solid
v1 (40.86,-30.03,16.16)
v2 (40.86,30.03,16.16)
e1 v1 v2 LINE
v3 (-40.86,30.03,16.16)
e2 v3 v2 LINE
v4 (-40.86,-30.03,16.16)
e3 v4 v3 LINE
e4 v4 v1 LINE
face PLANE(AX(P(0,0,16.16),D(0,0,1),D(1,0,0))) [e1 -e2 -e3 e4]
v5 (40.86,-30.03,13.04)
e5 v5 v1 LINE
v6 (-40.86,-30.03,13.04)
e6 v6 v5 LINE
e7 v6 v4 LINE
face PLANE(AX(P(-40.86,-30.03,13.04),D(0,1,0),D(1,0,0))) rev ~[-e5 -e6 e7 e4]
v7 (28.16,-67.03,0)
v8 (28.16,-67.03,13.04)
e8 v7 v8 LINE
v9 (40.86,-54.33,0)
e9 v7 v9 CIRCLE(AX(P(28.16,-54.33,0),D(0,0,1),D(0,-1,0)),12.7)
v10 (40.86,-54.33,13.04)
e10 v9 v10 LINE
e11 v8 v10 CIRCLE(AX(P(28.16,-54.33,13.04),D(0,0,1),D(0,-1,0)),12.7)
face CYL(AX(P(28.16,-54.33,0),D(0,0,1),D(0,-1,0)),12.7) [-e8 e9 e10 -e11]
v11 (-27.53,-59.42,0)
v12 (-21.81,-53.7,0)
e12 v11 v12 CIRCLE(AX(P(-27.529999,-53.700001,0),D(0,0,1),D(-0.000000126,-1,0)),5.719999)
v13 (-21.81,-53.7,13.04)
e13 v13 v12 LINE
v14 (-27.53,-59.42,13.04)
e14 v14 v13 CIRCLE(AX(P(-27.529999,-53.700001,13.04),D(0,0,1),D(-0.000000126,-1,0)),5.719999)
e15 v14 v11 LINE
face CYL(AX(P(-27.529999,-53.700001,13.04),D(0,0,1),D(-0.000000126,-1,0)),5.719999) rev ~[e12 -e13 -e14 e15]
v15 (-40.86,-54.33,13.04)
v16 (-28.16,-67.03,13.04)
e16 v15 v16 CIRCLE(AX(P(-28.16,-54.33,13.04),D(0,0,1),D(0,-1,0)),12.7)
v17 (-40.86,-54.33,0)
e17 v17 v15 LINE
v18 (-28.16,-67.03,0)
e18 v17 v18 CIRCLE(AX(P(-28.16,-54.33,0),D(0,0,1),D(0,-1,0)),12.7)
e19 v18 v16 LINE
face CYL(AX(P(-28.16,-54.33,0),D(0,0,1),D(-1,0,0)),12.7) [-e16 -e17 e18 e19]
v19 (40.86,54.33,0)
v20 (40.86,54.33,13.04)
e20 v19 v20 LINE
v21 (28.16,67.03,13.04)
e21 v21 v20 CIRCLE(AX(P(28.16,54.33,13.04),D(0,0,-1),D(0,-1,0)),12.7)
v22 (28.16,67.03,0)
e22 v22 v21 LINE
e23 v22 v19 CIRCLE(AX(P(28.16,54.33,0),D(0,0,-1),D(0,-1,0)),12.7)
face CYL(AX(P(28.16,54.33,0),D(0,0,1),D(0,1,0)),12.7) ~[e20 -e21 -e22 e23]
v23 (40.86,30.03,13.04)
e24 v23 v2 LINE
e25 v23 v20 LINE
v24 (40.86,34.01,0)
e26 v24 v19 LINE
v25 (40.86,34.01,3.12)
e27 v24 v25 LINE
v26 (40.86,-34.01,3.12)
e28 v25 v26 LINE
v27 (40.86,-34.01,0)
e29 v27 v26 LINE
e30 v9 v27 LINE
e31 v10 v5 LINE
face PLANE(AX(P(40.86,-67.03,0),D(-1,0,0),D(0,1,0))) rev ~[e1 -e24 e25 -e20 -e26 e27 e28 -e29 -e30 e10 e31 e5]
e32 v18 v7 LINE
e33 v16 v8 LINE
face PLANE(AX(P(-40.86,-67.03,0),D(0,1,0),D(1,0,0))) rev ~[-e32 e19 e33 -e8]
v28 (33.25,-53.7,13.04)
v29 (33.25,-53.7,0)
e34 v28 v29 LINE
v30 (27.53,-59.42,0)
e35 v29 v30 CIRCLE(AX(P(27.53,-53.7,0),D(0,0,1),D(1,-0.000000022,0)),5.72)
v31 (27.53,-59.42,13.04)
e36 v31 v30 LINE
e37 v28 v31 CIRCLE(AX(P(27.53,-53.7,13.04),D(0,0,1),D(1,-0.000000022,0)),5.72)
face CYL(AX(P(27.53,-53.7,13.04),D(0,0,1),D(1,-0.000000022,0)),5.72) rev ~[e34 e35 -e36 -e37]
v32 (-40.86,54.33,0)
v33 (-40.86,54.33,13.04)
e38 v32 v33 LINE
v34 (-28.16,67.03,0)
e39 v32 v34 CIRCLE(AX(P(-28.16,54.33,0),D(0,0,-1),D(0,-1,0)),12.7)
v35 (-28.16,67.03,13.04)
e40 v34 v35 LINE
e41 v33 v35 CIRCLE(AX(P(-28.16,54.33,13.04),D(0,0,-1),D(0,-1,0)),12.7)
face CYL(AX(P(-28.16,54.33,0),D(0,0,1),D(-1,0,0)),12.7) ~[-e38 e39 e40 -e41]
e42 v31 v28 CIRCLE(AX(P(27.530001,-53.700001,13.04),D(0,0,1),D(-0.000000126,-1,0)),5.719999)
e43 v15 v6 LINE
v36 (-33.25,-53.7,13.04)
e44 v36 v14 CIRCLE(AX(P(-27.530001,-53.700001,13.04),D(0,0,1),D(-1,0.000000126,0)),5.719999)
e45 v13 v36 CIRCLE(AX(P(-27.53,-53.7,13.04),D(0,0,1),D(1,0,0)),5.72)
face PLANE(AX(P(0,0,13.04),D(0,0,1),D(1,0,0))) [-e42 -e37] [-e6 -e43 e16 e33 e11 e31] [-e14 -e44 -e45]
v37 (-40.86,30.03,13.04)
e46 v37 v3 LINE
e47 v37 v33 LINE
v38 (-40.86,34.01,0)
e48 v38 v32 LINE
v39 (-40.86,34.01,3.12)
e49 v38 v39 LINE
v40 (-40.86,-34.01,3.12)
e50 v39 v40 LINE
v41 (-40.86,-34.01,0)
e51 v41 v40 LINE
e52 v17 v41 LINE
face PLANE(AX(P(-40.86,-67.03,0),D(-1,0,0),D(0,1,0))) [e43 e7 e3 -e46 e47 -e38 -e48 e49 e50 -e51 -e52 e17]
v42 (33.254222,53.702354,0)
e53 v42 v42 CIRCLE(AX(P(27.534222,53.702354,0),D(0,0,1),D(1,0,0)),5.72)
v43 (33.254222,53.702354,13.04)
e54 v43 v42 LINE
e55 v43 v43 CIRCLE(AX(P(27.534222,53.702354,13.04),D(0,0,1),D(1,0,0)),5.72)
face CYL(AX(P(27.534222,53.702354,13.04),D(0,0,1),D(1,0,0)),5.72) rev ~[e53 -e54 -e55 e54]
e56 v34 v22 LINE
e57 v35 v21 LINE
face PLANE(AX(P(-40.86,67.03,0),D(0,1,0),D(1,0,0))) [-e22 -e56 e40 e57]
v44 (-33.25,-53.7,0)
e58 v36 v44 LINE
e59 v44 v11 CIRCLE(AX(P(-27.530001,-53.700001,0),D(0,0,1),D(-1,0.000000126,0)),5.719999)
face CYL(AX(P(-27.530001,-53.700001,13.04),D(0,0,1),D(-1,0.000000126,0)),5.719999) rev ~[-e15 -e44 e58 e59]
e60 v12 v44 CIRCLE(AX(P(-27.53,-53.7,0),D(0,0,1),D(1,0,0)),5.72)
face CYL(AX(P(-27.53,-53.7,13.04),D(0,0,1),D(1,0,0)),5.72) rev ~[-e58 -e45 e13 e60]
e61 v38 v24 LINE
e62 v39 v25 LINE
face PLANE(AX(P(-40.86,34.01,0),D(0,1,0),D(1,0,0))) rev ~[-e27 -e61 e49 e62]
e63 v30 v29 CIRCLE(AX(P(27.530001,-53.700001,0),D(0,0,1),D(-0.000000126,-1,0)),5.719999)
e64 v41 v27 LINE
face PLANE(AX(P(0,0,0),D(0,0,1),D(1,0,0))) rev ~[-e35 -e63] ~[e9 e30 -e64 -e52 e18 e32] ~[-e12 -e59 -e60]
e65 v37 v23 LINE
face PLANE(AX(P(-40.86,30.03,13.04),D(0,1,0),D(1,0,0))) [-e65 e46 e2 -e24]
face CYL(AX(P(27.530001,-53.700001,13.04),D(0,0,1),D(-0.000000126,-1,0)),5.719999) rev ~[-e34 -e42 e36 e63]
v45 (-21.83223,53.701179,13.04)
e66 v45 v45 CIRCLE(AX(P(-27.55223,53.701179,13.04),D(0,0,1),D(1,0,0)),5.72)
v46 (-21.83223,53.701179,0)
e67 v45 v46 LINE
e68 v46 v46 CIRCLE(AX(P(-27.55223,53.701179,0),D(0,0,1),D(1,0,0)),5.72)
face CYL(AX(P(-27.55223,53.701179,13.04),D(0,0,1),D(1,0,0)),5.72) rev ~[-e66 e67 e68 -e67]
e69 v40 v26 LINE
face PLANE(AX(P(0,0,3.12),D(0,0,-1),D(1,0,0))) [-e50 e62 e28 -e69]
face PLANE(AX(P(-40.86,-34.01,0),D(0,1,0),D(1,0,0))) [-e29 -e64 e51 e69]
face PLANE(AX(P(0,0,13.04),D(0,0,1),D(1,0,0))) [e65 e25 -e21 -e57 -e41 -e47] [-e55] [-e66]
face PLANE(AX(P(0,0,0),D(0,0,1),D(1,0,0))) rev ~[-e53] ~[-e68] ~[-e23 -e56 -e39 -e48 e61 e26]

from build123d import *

# Parameters (mm, degrees)
F0_W     = 81.72
F0_H     = 134.06
F1_DEPTH = 13.04
F2_W     = 81.72
F2_H     = 60.06
F3_DEPTH = 3.12
F4_W     = 81.72
F4_H     = 68.02
F5_DEPTH = 3.12
F6_R     = 5.72
F7_DEPTH = 25.4
F9_DEPTH = 25.4
F10_R    = 12.7


with BuildPart() as f1:
    # F0 (on Top) → F1 (new body)
    with BuildSketch(Plane.XY):
        Rectangle(F0_W, F0_H)
    extrude(amount=F1_DEPTH)

    # F2 (on face) → F3 (join)
    with BuildSketch(Plane.XY.offset(13.04)):
        Rectangle(F2_W, F2_H)
    extrude(amount=F3_DEPTH)

    # F4 (on face) → F5 (cut)
    with BuildSketch(Plane(origin=(0, 0, 0), x_dir=(1, 0, 0), z_dir=(0, 0, -1))):
        Rectangle(F4_W, F4_H)
    extrude(amount=-F5_DEPTH, mode=Mode.SUBTRACT)

    # F6 (on face) → F7 (cut)
    with BuildSketch(Plane.XY.offset(13.04)):
        with Locations((-27.55223, 53.701179)):
            Circle(F6_R)
        with Locations((27.534222, 53.702354)):
            Circle(F6_R)
    extrude(amount=-F7_DEPTH, mode=Mode.SUBTRACT)

    # F8 (on face) → F9 (cut)
    with BuildSketch(Plane.XY.offset(13.04)):
        with BuildLine():
            ThreePointArc((-27.53, -59.42), (-23.485349, -57.744651), (-21.81, -53.7))
            ThreePointArc((-21.81, -53.7), (-27.53, -47.98), (-33.25, -53.7))
            ThreePointArc((-33.25, -53.7), (-31.574651, -57.744651), (-27.53, -59.42))
        make_face()
        with BuildLine():
            ThreePointArc((27.53, -59.42), (31.574651, -57.744651), (33.25, -53.7))
            ThreePointArc((33.25, -53.7), (23.485349, -49.655349), (27.53, -59.42))
        make_face()
    extrude(amount=-F9_DEPTH, mode=Mode.SUBTRACT)

    # F10
    f10_edges = [f1.edges().sort_by_distance(p)[0] for p in [
        (-40.86, 67.03, 6.52),
        (40.86, 67.03, 6.52),
        (40.86, -67.03, 6.52),
        (-40.86, -67.03, 6.52),
    ]]
    fillet(f10_edges, radius=F10_R)


solid = f1.part
